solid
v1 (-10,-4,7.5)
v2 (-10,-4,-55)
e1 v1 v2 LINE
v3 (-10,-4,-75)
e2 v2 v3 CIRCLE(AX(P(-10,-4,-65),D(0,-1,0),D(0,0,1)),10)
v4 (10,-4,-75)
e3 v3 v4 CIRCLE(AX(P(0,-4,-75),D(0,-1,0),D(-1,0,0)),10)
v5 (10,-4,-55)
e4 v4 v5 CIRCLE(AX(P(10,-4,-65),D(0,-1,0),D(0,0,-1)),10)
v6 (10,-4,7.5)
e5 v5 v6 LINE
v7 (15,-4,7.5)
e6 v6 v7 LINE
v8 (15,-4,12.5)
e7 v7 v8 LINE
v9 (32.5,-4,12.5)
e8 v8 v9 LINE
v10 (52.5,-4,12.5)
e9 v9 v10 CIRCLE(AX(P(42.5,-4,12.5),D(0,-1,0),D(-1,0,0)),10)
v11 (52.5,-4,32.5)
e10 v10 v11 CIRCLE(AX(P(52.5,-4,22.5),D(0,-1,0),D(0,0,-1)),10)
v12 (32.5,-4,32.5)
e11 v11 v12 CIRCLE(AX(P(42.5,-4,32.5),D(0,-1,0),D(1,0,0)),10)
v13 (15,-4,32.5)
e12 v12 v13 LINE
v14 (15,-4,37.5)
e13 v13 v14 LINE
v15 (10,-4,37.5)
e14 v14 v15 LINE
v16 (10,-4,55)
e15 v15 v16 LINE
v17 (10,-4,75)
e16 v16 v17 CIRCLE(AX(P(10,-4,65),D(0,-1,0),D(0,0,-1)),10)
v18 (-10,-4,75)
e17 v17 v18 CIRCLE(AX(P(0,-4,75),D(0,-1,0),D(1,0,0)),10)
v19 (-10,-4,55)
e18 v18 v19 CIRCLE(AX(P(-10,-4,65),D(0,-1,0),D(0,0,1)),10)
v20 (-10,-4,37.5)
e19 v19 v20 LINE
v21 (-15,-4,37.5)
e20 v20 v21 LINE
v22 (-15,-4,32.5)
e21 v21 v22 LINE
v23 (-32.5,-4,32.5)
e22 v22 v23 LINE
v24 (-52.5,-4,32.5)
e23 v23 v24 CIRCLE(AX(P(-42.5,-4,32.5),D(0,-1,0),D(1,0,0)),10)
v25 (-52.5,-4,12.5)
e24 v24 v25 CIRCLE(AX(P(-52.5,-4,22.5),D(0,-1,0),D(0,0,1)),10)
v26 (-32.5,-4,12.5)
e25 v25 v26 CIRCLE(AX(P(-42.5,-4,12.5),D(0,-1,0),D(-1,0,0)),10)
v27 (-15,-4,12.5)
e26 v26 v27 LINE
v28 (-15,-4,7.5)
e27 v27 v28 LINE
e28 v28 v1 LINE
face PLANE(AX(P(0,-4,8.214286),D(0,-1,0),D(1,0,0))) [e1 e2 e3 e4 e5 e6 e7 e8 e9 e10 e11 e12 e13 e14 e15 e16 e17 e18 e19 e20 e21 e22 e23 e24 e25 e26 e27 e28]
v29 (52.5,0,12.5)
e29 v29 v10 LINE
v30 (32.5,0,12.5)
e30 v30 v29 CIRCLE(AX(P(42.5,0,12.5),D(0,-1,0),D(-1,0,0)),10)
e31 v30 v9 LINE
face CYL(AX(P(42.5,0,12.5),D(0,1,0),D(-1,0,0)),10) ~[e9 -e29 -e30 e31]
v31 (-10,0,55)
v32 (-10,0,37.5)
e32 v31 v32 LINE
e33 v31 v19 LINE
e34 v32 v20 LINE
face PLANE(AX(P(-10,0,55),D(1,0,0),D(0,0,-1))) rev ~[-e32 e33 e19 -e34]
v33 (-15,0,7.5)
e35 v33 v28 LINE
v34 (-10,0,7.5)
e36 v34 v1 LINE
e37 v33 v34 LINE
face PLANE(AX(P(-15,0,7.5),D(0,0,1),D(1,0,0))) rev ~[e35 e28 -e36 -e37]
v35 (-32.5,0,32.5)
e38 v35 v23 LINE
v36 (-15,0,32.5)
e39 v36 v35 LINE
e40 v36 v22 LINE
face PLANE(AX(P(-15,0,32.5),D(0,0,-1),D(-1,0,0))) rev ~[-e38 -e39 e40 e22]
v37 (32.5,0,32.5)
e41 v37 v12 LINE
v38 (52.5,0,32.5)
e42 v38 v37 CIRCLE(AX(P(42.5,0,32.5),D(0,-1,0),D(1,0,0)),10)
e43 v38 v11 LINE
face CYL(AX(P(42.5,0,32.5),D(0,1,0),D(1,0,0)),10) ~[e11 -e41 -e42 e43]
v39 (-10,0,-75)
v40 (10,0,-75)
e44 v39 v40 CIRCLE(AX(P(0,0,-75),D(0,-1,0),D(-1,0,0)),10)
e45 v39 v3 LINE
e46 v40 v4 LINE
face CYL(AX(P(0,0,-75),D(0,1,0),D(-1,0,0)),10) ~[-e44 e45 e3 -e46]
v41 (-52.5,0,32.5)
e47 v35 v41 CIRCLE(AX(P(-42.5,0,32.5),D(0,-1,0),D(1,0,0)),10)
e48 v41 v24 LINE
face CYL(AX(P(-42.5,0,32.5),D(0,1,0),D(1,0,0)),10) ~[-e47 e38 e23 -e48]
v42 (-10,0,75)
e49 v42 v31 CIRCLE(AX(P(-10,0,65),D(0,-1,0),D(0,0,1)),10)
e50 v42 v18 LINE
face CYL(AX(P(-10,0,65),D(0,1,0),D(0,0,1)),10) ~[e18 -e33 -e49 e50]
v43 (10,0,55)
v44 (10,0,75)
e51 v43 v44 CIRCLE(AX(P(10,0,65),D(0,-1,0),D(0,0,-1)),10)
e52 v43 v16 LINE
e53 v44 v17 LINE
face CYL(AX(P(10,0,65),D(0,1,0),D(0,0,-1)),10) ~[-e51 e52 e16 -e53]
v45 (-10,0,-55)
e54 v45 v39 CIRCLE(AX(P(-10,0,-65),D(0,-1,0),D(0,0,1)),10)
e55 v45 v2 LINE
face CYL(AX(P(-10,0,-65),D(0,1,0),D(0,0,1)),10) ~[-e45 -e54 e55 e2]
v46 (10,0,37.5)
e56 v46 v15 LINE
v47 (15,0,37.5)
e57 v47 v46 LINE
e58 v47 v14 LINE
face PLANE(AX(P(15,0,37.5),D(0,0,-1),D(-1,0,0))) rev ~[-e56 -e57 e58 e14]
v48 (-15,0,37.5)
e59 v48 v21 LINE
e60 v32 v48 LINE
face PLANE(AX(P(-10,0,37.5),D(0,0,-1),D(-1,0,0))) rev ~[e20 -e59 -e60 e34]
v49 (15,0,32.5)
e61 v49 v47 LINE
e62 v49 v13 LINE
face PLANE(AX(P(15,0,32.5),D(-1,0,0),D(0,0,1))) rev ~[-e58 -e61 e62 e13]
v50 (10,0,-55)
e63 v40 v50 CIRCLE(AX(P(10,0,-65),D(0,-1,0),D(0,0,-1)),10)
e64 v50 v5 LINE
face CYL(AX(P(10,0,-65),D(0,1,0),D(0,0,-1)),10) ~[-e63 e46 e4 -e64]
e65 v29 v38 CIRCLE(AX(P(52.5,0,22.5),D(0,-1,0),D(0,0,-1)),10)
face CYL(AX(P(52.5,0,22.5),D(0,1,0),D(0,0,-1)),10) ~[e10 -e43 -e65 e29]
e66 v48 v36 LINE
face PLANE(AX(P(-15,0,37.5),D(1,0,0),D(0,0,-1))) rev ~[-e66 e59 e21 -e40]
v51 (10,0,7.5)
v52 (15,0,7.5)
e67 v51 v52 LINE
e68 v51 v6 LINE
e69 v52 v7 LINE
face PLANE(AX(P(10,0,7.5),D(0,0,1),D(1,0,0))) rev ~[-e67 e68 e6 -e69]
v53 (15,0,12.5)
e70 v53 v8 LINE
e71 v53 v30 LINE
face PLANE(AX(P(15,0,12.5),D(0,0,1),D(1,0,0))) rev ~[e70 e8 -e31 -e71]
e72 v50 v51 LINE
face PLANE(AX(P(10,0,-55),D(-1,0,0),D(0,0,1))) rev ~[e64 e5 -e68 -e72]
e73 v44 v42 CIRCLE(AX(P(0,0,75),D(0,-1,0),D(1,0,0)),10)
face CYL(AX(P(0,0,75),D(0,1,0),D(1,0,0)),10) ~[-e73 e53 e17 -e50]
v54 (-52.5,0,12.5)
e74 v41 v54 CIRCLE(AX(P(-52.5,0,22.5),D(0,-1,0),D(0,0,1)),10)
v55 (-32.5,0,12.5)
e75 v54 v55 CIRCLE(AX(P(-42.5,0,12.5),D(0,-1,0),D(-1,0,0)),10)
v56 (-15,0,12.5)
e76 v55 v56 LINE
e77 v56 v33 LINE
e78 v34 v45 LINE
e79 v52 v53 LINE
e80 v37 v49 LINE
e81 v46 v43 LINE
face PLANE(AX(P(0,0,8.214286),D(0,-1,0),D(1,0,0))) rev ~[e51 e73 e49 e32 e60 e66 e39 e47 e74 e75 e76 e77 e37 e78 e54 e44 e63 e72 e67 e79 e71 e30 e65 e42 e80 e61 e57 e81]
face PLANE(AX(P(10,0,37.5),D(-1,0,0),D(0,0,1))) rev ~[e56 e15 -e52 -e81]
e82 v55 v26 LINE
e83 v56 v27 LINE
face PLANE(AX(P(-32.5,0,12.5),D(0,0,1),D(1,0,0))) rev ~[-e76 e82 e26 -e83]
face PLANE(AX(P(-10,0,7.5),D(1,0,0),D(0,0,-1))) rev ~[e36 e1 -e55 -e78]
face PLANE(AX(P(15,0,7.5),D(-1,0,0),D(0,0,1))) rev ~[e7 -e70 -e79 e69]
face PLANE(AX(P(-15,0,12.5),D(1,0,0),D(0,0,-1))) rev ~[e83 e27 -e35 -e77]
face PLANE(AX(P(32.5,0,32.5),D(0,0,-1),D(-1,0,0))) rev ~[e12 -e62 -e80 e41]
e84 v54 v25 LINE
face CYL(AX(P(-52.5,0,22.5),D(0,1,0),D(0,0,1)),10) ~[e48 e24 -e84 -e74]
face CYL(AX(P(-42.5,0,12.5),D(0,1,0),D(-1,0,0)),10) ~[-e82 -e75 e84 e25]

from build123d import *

# Parameters (mm, degrees)
F1_DEPTH = 4


with BuildPart() as f1:
    # F0 (on Front) → F1 (new body)
    with BuildSketch(Plane.XZ):
        with BuildLine():
            Line((-32.5, 12.5), (-15, 12.5))
            Line((-15, 12.5), (-15, 7.5))
            Line((-15, 7.5), (-10, 7.5))
            Line((-10, 7.5), (-10, -55))
            ThreePointArc((-10, -55), (-20, -65), (-10, -75))
            ThreePointArc((-10, -75), (0, -85), (10, -75))
            ThreePointArc((10, -75), (20, -65), (10, -55))
            Line((10, -55), (10, 7.5))
            Line((10, 7.5), (15, 7.5))
            Line((15, 7.5), (15, 12.5))
            Line((15, 12.5), (32.5, 12.5))
            ThreePointArc((32.5, 12.5), (42.5, 2.5), (52.5, 12.5))
            ThreePointArc((52.5, 12.5), (62.5, 22.5), (52.5, 32.5))
            ThreePointArc((52.5, 32.5), (42.5, 42.5), (32.5, 32.5))
            Line((32.5, 32.5), (15, 32.5))
            Line((15, 32.5), (15, 37.5))
            Line((15, 37.5), (10, 37.5))
            Line((10, 37.5), (10, 55))
            ThreePointArc((10, 55), (20, 65), (10, 75))
            ThreePointArc((10, 75), (0, 85), (-10, 75))
            ThreePointArc((-10, 75), (-20, 65), (-10, 55))
            Line((-10, 55), (-10, 37.5))
            Line((-10, 37.5), (-15, 37.5))
            Line((-15, 37.5), (-15, 32.5))
            Line((-15, 32.5), (-32.5, 32.5))
            ThreePointArc((-32.5, 32.5), (-42.5, 42.5), (-52.5, 32.5))
            ThreePointArc((-52.5, 32.5), (-62.5, 22.5), (-52.5, 12.5))
            ThreePointArc((-52.5, 12.5), (-42.5, 2.5), (-32.5, 12.5))
        make_face()
    extrude(amount=F1_DEPTH)


solid = f1.part
